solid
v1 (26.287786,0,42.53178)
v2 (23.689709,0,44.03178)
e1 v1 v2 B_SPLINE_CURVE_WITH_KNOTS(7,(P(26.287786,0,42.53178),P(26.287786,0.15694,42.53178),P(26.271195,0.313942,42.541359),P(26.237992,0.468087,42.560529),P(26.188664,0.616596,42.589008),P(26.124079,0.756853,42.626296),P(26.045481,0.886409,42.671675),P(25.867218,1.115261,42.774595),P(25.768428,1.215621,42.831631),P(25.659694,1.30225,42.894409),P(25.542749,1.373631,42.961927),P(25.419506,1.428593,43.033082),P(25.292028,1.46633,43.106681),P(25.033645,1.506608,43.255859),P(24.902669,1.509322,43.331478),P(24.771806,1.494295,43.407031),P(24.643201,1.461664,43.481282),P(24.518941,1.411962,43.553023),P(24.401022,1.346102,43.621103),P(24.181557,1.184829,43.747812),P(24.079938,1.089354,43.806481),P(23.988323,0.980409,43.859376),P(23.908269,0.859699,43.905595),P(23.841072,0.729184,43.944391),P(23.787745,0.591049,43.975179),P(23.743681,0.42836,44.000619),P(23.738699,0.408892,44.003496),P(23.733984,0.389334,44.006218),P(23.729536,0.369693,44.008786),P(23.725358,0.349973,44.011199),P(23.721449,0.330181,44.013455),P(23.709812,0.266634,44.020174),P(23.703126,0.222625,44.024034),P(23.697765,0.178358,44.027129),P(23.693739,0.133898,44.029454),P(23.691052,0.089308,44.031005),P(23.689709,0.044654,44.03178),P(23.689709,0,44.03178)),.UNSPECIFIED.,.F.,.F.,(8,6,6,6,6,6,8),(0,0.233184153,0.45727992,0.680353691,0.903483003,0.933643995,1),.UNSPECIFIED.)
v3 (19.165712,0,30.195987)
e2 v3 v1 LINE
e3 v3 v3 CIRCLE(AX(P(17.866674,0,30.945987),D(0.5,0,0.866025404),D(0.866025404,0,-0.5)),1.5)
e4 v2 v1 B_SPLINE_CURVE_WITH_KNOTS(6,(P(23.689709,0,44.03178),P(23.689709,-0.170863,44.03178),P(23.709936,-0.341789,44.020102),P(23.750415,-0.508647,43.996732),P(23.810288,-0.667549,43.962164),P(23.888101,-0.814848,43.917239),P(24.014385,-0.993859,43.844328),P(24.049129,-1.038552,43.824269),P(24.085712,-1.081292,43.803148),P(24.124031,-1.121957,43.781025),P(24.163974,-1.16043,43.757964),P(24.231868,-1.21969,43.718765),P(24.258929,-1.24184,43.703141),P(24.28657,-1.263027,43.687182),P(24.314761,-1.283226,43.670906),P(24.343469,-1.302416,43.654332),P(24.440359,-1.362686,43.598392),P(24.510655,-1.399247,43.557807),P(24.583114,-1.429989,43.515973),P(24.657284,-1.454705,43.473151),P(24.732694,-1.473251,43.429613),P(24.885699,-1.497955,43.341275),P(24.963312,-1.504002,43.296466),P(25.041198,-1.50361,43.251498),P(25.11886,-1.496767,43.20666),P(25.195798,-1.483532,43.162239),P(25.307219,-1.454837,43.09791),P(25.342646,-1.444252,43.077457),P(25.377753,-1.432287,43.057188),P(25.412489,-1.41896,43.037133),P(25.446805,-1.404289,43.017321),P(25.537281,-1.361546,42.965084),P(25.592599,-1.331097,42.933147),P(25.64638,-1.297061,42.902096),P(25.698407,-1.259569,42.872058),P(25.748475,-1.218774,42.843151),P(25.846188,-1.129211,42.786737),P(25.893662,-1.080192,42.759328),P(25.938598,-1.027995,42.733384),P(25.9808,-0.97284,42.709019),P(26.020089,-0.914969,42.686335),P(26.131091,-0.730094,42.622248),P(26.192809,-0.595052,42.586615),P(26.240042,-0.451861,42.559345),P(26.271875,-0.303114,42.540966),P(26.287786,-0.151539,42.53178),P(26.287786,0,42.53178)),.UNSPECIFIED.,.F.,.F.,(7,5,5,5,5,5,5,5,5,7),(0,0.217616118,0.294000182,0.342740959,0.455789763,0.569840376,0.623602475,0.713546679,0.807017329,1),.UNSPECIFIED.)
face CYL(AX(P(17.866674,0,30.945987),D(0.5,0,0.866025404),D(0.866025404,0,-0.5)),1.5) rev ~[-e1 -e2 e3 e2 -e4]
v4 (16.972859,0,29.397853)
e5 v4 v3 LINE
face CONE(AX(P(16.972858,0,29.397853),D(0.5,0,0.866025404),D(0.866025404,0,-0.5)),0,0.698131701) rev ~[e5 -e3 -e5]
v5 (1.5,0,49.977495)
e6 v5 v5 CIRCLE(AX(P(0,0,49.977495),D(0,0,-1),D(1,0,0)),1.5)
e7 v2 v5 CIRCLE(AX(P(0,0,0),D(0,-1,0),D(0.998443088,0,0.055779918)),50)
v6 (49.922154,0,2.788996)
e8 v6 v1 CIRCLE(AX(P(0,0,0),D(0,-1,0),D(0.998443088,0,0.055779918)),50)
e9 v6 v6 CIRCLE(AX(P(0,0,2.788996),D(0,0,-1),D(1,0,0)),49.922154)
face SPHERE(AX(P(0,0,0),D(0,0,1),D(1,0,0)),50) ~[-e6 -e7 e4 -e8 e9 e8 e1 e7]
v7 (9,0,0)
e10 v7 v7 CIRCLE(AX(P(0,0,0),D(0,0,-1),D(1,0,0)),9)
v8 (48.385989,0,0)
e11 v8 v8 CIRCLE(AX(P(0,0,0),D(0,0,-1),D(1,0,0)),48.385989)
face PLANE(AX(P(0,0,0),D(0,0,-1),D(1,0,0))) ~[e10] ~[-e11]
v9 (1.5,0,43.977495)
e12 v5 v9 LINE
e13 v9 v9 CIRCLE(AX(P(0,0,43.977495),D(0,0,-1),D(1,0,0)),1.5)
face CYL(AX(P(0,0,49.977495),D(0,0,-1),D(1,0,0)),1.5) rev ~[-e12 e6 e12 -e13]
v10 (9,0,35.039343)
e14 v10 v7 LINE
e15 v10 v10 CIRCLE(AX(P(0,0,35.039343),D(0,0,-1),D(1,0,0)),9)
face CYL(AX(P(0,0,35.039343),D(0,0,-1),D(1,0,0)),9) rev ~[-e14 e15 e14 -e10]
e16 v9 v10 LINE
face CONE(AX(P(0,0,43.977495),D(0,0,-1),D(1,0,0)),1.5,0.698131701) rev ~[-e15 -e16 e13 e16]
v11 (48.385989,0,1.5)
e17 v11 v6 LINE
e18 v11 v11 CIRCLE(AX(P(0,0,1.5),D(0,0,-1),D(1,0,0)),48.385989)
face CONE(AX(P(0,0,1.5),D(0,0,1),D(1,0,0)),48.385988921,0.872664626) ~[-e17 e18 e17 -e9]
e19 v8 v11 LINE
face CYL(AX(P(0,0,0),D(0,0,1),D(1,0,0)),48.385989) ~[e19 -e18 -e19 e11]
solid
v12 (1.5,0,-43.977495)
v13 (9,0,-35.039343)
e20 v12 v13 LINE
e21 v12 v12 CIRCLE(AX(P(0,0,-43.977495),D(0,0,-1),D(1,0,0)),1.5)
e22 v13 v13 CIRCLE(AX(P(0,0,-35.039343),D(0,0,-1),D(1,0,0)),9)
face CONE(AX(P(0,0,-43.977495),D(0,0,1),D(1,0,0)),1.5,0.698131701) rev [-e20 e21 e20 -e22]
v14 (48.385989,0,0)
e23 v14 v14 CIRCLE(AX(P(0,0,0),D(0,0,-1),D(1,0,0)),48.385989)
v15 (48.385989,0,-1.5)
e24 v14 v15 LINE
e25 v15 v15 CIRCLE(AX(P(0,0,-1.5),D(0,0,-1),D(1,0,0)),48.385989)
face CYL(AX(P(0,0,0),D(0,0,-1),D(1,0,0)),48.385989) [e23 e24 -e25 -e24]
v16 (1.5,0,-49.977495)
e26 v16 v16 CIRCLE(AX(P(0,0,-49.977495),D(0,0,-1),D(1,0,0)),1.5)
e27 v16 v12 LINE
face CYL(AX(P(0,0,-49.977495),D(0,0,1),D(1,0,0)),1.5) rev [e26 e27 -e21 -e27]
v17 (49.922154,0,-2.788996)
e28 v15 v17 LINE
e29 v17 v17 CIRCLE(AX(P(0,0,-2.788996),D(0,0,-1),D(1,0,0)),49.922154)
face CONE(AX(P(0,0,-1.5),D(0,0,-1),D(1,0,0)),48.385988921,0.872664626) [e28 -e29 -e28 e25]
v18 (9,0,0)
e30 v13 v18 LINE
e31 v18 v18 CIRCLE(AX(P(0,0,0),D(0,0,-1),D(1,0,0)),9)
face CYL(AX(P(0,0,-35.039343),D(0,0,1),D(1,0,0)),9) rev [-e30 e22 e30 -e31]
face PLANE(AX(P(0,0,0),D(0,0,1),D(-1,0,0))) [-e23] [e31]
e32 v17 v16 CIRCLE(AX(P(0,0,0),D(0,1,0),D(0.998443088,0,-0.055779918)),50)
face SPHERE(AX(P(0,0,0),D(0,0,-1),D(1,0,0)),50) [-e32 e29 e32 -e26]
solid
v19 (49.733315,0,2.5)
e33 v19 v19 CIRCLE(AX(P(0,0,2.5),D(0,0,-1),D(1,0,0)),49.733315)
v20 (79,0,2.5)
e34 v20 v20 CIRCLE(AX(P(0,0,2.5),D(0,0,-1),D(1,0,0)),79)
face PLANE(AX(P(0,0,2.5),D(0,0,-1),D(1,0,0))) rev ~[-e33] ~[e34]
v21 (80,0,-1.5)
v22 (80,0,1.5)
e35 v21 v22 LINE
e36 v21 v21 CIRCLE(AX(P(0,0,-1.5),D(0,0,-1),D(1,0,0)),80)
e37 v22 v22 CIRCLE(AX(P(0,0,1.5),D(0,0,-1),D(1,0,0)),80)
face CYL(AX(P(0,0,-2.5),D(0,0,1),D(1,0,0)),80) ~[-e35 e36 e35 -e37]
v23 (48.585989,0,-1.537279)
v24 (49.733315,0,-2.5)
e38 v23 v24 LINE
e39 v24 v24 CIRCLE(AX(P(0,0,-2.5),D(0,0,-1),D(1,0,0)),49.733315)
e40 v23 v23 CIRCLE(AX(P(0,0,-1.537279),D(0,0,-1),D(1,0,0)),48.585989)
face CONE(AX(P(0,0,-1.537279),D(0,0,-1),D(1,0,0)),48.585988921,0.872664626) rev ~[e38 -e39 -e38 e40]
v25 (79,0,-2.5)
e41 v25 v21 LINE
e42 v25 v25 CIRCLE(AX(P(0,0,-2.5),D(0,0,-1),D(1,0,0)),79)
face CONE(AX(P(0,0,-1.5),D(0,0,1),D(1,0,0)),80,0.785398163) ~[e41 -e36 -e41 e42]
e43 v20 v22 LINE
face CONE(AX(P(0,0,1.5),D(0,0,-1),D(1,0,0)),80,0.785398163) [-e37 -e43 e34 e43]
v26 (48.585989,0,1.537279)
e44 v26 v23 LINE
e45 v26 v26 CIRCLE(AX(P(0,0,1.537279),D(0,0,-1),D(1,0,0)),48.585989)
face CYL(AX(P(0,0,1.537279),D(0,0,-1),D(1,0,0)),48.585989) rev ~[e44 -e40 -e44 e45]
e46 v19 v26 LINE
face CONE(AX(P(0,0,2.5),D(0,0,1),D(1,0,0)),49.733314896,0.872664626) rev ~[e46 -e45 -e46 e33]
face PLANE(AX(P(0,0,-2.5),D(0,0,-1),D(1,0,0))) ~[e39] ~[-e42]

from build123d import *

# Parameters (mm, degrees)
F7_SIZE = 1


with BuildPart() as f1:
    # F0 (on Front) → F1 (revolve)
    with BuildSketch(Plane.XZ):
        with BuildLine():
            Line((48.3859889209, 1.5), (49.9221544192, 2.788995903))
            ThreePointArc((49.9221544192, 2.788995903), (34.8962476709, 35.8085450486), (1.5, 49.9774949352))
            Line((1.5, 49.9774949352), (1.5, 43.9774949352))
            Line((1.5, 43.9774949352), (9, 35.0393429908))
            Line((9, 35.0393429908), (9, 0))
            Line((9, 0), (48.3859889209, 0))
            Line((48.3859889209, 0), (48.3859889209, 1.5))
        make_face()
    revolve(axis=Axis((0, 0, 25), (0, 0, -1)))


with BuildPart() as f2_1:
    # F2: instance of F1
    add(f1.part.mirror(Plane.XY))


with BuildPart() as f4:
    # F3 (on Front) → F4 (revolve)
    with BuildSketch(Plane.XZ):
        Polygon((80, 2.5), (49.7333148962, 2.5), (48.5859889209, 1.5372791973), (48.5859889209, -1.5372791973), (49.7333148962, -2.5), (80, -2.5), align=None)
    revolve(axis=Axis((0, 0, -10.6168898342), (0, 0, -1)))

    # F7
    f7_edges = [f4.edges().sort_by_distance(p)[0] for p in [
        (-80, 0, 2.5),
        (-80, 0, -2.5),
    ]]
    chamfer(f7_edges, length=F7_SIZE)


with BuildPart() as f1_1:
    add(f1.part)

    # F5 (on Front) → F6 (revolve, cut)
    with BuildSketch(Plane.XZ):
        Polygon((25.4728585, 44.120285136), (16.9728585, 29.3978532717), (19.1657118001, 30.195986601), (26.7718966057, 43.370285136), align=None)
    revolve(axis=Axis((15.0316451473, 0, 26.0355731166), (0.5, 0, 0.8660254038)), mode=Mode.SUBTRACT)


solid = Compound([f2_1.part, f4.part, f1_1.part])
